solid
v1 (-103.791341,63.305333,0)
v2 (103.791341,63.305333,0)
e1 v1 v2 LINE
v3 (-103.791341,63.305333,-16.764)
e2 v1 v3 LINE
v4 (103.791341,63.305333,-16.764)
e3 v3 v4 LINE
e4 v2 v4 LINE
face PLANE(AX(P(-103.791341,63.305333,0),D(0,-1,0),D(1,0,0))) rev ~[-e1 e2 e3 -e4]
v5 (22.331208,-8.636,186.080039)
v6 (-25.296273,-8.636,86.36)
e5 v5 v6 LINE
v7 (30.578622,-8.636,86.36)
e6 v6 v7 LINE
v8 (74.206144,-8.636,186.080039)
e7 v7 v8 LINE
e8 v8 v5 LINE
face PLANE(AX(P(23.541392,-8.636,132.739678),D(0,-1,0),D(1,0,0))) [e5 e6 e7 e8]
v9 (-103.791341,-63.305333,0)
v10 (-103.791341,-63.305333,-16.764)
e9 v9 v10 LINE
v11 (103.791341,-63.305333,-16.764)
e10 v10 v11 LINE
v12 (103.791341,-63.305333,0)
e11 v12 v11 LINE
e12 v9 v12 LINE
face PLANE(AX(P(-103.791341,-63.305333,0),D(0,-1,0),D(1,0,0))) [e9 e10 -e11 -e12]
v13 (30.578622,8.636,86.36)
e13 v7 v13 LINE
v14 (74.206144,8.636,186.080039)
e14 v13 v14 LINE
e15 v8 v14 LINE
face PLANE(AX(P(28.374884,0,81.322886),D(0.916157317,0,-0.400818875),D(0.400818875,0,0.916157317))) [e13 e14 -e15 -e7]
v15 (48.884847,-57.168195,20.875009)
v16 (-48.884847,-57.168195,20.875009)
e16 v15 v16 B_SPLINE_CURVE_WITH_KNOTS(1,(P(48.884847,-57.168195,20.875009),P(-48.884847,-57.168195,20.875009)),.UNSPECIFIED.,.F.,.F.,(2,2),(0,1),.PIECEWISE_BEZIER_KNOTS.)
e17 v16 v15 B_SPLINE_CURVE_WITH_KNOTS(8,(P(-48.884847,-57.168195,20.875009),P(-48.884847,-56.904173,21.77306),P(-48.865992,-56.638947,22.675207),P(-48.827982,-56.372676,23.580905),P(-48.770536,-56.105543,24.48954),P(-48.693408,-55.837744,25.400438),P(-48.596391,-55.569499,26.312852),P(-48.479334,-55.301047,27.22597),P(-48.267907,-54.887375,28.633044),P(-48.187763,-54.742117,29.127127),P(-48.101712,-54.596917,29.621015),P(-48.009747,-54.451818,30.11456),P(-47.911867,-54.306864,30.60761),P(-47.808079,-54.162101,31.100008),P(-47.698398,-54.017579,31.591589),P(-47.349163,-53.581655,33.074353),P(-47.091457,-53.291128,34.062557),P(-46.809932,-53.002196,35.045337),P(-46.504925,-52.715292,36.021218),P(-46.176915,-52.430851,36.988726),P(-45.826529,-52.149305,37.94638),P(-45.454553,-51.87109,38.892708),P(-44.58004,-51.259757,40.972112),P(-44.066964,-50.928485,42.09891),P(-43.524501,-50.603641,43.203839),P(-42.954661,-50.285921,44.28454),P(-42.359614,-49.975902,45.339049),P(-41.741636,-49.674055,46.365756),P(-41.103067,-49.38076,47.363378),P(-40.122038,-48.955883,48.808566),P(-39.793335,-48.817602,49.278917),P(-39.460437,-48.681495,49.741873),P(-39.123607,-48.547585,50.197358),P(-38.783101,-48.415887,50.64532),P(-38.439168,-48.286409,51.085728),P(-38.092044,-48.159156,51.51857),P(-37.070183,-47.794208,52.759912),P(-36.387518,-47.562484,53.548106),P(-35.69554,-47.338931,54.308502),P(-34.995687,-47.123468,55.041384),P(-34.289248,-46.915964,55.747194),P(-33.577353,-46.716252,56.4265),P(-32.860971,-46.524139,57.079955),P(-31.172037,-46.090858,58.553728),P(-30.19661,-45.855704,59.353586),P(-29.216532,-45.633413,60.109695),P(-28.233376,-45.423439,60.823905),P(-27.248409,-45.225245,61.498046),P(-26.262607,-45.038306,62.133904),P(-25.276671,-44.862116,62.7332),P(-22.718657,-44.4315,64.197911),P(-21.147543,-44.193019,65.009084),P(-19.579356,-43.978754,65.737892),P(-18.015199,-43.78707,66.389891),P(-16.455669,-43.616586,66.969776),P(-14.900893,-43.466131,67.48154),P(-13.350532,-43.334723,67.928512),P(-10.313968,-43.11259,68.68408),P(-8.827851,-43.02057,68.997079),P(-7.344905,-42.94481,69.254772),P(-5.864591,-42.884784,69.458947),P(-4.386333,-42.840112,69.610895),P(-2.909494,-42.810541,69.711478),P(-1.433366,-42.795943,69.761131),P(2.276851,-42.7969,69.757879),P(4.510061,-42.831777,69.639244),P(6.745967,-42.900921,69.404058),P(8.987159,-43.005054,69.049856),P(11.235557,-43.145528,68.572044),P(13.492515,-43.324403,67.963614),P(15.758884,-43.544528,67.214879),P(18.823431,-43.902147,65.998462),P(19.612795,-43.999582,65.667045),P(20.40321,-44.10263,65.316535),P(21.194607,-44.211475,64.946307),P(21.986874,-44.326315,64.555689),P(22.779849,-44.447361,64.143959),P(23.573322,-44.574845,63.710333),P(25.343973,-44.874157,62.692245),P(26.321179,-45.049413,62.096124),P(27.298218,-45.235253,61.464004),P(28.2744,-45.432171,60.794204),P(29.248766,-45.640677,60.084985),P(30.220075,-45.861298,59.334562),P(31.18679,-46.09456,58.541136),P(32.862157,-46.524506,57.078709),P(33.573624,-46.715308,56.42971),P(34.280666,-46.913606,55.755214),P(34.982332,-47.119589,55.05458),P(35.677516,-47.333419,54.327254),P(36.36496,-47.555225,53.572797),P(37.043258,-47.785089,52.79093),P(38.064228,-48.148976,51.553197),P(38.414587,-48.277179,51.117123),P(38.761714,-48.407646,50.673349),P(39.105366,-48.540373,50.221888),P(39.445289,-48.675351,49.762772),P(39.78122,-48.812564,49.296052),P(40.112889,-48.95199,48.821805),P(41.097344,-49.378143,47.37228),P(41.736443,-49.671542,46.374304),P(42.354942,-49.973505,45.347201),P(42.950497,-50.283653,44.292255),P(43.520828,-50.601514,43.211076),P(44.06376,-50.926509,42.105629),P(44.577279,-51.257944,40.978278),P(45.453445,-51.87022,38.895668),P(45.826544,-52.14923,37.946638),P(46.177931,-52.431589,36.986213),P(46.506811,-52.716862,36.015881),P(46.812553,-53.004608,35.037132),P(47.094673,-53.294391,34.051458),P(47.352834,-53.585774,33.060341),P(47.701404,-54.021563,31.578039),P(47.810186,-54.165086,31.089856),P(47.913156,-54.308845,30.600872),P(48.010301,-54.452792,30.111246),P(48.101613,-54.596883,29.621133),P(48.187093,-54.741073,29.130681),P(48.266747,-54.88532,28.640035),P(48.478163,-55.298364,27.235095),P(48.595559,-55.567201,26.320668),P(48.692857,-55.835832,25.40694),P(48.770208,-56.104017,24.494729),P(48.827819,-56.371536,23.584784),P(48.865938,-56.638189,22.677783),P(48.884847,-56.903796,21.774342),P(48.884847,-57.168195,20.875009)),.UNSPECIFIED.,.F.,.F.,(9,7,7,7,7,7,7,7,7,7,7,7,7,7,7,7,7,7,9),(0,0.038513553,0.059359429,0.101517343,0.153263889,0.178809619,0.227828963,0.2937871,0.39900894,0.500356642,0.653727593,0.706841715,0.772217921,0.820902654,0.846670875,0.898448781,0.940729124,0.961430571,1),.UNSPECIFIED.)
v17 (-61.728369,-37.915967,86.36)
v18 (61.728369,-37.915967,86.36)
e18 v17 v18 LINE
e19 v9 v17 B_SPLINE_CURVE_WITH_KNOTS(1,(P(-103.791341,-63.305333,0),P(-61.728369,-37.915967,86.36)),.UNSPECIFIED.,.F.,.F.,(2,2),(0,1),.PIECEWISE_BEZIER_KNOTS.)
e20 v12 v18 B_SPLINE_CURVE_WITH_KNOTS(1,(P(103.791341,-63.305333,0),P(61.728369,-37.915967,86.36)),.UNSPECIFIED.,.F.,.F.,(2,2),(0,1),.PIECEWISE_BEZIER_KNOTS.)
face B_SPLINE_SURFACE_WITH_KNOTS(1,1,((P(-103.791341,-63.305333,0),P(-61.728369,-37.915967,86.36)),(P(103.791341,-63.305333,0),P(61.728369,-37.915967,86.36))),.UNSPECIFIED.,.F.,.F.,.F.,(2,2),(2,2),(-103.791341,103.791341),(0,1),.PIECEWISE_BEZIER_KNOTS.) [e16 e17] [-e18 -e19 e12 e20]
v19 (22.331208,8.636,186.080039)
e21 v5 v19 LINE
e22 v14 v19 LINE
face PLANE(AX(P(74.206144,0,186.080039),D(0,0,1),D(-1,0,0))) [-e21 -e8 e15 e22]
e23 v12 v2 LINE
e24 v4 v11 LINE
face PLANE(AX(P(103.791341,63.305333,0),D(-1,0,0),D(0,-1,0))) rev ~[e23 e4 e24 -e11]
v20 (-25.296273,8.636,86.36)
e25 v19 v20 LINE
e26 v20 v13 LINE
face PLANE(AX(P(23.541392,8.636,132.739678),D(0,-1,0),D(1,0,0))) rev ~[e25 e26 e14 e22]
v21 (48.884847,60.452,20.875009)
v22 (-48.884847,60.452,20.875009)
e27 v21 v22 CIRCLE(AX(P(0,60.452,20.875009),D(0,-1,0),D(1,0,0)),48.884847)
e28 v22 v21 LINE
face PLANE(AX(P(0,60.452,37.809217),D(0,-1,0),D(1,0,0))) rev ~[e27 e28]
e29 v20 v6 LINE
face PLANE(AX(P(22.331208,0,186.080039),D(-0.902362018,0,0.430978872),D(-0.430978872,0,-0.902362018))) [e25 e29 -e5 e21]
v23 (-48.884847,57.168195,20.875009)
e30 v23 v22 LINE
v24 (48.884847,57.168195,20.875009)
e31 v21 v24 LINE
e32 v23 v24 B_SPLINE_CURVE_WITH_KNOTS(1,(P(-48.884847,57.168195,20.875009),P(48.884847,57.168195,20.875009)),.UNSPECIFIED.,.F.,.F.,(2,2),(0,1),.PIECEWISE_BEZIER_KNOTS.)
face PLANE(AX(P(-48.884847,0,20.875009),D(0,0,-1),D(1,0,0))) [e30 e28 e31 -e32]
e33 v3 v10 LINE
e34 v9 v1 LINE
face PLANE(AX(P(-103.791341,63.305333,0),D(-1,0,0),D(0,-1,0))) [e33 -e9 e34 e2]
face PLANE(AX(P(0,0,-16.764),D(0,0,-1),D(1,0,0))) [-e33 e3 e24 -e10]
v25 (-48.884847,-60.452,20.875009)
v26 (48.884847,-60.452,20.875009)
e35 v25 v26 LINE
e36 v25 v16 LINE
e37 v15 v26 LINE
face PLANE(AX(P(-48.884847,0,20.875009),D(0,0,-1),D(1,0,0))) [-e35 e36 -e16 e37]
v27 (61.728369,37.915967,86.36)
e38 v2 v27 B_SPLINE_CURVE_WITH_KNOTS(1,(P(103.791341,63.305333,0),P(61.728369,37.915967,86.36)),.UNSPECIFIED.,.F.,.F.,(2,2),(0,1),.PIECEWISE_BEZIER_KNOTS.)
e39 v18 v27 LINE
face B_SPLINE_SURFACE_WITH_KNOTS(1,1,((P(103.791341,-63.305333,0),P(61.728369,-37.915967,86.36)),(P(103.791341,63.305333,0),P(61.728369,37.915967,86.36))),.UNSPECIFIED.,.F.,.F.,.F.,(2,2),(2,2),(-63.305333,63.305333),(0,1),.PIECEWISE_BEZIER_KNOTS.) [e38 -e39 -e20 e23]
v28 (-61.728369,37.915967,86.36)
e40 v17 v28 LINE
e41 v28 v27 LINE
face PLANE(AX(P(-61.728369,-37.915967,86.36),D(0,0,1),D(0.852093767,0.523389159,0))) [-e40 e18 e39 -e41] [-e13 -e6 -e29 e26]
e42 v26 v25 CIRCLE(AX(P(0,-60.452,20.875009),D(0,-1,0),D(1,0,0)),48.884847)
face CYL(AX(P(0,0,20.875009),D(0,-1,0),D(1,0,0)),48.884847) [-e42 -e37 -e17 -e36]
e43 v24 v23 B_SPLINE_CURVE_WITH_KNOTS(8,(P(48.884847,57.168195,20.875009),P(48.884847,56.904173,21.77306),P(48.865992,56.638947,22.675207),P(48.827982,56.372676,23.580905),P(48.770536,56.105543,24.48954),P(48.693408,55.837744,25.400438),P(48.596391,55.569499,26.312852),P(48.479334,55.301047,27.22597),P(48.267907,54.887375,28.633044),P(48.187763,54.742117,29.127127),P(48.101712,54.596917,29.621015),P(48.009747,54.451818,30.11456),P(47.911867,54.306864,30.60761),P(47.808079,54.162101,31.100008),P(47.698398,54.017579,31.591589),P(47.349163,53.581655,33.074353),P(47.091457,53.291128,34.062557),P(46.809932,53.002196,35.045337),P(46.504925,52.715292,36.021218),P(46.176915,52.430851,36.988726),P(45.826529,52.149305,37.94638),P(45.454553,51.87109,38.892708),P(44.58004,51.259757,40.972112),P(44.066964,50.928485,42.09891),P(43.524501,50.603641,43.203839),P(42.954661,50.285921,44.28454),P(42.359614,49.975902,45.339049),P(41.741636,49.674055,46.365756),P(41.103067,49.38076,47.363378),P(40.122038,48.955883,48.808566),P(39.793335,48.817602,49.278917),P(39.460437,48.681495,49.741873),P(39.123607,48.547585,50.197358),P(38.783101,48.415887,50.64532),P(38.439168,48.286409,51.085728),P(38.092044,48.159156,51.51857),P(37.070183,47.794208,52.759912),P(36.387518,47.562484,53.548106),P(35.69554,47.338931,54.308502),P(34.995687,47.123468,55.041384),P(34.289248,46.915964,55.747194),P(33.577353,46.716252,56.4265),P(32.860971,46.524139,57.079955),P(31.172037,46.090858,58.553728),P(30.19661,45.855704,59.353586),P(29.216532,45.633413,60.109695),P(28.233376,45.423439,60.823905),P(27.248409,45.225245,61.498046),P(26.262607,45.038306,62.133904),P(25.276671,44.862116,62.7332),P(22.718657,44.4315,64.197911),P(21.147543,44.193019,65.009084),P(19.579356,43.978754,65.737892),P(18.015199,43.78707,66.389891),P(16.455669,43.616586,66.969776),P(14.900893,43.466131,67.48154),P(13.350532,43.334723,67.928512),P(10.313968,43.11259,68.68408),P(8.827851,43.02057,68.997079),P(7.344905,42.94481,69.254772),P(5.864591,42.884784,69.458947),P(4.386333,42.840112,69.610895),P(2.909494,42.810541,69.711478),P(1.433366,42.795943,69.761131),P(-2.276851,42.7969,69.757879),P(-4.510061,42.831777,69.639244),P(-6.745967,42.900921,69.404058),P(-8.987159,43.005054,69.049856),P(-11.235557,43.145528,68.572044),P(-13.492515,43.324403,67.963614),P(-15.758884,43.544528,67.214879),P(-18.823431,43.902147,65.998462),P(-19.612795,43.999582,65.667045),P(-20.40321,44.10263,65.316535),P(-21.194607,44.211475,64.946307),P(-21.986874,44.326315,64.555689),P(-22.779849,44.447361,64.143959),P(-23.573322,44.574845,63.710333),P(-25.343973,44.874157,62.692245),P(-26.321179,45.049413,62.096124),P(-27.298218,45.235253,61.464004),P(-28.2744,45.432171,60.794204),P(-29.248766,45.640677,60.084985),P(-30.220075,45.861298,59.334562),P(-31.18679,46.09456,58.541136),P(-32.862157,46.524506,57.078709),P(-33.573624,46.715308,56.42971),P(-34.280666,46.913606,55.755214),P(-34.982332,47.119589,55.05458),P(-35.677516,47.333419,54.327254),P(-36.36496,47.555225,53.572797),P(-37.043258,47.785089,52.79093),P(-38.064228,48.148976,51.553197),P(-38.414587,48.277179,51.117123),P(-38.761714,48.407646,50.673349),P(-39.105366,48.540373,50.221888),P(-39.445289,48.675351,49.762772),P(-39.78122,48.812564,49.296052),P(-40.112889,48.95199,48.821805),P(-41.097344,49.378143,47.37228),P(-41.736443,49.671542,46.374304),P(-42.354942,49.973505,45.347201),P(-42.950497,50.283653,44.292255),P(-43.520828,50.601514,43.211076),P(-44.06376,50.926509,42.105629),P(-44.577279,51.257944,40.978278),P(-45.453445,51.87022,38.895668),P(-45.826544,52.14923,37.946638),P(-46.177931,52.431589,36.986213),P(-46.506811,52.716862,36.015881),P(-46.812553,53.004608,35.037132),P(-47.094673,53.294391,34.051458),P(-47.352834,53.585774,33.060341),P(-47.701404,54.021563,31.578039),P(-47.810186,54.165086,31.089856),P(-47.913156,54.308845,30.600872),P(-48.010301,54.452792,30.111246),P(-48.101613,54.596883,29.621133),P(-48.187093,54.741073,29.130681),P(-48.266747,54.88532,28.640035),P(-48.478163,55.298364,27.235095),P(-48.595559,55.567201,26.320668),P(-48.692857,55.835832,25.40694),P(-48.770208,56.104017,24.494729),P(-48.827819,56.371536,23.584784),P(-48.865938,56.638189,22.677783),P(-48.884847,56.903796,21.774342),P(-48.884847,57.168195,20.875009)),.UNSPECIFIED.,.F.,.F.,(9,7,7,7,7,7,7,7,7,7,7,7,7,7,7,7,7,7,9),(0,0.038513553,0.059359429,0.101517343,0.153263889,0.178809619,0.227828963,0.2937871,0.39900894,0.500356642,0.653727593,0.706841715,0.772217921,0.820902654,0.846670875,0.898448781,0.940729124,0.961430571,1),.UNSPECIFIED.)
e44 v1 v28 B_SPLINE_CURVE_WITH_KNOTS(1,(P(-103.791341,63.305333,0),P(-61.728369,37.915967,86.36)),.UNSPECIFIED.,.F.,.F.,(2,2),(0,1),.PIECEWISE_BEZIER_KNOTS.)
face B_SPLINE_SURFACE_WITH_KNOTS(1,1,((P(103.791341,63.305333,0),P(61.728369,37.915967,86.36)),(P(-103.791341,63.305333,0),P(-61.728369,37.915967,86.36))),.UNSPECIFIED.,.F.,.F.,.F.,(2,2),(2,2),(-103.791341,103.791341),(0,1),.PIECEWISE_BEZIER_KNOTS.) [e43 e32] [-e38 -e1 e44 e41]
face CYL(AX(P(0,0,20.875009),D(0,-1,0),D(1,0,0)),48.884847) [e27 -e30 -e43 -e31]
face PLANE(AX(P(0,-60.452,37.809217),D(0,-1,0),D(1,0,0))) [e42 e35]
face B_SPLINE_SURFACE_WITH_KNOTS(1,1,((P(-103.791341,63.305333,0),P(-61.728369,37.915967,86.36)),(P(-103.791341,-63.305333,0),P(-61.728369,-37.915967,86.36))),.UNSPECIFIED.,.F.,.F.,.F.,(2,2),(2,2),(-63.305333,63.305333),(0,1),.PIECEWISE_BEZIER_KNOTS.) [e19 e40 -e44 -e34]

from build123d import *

# Parameters (mm, degrees)
F1_W     = 207.582682
F1_H     = 126.610666
F2_W     = 123.456738
F2_H     = 75.831934
F5_DEPTH = 60.452
F6_W     = 207.582682
F6_H     = 126.610666
F7_DEPTH = 16.764
F8_DEPTH = 8.636


with BuildPart() as f3:
    # F1 (on Top) → F3 section 0
    with BuildSketch(Plane.XY):
        Rectangle(F1_W, F1_H)
    # F2 (on offset) → F3 section 1
    with BuildSketch(Plane.XY.offset(86.36)):
        Rectangle(F2_W, F2_H)
    loft()

    # F4 (on Front) → F5 (join, symmetric)
    with BuildSketch(Plane.XZ):
        with BuildLine():
            Line((-48.884847, 20.875009), (48.884847, 20.875009))
            ThreePointArc((48.884847, 20.875009), (0, 69.759856), (-48.884847, 20.875009))
        make_face()
    extrude(amount=F5_DEPTH, both=True)

    # F6 (on face) → F7 (join)
    with BuildSketch(Plane(origin=(0, 0, 0), x_dir=(1, 0, 0), z_dir=(0, 0, -1))):
        Rectangle(F6_W, F6_H)
    extrude(amount=F7_DEPTH)

    # F4 (on Front) → F8 (join, symmetric)
    with BuildSketch(Plane.XZ):
        Polygon((22.331208, 186.080039), (-26.018247, 84.848367), (-29.040085, 81.322886), (28.374884, 81.322886), (74.206144, 186.080039), align=None)
    extrude(amount=F8_DEPTH, both=True)


solid = f3.part
